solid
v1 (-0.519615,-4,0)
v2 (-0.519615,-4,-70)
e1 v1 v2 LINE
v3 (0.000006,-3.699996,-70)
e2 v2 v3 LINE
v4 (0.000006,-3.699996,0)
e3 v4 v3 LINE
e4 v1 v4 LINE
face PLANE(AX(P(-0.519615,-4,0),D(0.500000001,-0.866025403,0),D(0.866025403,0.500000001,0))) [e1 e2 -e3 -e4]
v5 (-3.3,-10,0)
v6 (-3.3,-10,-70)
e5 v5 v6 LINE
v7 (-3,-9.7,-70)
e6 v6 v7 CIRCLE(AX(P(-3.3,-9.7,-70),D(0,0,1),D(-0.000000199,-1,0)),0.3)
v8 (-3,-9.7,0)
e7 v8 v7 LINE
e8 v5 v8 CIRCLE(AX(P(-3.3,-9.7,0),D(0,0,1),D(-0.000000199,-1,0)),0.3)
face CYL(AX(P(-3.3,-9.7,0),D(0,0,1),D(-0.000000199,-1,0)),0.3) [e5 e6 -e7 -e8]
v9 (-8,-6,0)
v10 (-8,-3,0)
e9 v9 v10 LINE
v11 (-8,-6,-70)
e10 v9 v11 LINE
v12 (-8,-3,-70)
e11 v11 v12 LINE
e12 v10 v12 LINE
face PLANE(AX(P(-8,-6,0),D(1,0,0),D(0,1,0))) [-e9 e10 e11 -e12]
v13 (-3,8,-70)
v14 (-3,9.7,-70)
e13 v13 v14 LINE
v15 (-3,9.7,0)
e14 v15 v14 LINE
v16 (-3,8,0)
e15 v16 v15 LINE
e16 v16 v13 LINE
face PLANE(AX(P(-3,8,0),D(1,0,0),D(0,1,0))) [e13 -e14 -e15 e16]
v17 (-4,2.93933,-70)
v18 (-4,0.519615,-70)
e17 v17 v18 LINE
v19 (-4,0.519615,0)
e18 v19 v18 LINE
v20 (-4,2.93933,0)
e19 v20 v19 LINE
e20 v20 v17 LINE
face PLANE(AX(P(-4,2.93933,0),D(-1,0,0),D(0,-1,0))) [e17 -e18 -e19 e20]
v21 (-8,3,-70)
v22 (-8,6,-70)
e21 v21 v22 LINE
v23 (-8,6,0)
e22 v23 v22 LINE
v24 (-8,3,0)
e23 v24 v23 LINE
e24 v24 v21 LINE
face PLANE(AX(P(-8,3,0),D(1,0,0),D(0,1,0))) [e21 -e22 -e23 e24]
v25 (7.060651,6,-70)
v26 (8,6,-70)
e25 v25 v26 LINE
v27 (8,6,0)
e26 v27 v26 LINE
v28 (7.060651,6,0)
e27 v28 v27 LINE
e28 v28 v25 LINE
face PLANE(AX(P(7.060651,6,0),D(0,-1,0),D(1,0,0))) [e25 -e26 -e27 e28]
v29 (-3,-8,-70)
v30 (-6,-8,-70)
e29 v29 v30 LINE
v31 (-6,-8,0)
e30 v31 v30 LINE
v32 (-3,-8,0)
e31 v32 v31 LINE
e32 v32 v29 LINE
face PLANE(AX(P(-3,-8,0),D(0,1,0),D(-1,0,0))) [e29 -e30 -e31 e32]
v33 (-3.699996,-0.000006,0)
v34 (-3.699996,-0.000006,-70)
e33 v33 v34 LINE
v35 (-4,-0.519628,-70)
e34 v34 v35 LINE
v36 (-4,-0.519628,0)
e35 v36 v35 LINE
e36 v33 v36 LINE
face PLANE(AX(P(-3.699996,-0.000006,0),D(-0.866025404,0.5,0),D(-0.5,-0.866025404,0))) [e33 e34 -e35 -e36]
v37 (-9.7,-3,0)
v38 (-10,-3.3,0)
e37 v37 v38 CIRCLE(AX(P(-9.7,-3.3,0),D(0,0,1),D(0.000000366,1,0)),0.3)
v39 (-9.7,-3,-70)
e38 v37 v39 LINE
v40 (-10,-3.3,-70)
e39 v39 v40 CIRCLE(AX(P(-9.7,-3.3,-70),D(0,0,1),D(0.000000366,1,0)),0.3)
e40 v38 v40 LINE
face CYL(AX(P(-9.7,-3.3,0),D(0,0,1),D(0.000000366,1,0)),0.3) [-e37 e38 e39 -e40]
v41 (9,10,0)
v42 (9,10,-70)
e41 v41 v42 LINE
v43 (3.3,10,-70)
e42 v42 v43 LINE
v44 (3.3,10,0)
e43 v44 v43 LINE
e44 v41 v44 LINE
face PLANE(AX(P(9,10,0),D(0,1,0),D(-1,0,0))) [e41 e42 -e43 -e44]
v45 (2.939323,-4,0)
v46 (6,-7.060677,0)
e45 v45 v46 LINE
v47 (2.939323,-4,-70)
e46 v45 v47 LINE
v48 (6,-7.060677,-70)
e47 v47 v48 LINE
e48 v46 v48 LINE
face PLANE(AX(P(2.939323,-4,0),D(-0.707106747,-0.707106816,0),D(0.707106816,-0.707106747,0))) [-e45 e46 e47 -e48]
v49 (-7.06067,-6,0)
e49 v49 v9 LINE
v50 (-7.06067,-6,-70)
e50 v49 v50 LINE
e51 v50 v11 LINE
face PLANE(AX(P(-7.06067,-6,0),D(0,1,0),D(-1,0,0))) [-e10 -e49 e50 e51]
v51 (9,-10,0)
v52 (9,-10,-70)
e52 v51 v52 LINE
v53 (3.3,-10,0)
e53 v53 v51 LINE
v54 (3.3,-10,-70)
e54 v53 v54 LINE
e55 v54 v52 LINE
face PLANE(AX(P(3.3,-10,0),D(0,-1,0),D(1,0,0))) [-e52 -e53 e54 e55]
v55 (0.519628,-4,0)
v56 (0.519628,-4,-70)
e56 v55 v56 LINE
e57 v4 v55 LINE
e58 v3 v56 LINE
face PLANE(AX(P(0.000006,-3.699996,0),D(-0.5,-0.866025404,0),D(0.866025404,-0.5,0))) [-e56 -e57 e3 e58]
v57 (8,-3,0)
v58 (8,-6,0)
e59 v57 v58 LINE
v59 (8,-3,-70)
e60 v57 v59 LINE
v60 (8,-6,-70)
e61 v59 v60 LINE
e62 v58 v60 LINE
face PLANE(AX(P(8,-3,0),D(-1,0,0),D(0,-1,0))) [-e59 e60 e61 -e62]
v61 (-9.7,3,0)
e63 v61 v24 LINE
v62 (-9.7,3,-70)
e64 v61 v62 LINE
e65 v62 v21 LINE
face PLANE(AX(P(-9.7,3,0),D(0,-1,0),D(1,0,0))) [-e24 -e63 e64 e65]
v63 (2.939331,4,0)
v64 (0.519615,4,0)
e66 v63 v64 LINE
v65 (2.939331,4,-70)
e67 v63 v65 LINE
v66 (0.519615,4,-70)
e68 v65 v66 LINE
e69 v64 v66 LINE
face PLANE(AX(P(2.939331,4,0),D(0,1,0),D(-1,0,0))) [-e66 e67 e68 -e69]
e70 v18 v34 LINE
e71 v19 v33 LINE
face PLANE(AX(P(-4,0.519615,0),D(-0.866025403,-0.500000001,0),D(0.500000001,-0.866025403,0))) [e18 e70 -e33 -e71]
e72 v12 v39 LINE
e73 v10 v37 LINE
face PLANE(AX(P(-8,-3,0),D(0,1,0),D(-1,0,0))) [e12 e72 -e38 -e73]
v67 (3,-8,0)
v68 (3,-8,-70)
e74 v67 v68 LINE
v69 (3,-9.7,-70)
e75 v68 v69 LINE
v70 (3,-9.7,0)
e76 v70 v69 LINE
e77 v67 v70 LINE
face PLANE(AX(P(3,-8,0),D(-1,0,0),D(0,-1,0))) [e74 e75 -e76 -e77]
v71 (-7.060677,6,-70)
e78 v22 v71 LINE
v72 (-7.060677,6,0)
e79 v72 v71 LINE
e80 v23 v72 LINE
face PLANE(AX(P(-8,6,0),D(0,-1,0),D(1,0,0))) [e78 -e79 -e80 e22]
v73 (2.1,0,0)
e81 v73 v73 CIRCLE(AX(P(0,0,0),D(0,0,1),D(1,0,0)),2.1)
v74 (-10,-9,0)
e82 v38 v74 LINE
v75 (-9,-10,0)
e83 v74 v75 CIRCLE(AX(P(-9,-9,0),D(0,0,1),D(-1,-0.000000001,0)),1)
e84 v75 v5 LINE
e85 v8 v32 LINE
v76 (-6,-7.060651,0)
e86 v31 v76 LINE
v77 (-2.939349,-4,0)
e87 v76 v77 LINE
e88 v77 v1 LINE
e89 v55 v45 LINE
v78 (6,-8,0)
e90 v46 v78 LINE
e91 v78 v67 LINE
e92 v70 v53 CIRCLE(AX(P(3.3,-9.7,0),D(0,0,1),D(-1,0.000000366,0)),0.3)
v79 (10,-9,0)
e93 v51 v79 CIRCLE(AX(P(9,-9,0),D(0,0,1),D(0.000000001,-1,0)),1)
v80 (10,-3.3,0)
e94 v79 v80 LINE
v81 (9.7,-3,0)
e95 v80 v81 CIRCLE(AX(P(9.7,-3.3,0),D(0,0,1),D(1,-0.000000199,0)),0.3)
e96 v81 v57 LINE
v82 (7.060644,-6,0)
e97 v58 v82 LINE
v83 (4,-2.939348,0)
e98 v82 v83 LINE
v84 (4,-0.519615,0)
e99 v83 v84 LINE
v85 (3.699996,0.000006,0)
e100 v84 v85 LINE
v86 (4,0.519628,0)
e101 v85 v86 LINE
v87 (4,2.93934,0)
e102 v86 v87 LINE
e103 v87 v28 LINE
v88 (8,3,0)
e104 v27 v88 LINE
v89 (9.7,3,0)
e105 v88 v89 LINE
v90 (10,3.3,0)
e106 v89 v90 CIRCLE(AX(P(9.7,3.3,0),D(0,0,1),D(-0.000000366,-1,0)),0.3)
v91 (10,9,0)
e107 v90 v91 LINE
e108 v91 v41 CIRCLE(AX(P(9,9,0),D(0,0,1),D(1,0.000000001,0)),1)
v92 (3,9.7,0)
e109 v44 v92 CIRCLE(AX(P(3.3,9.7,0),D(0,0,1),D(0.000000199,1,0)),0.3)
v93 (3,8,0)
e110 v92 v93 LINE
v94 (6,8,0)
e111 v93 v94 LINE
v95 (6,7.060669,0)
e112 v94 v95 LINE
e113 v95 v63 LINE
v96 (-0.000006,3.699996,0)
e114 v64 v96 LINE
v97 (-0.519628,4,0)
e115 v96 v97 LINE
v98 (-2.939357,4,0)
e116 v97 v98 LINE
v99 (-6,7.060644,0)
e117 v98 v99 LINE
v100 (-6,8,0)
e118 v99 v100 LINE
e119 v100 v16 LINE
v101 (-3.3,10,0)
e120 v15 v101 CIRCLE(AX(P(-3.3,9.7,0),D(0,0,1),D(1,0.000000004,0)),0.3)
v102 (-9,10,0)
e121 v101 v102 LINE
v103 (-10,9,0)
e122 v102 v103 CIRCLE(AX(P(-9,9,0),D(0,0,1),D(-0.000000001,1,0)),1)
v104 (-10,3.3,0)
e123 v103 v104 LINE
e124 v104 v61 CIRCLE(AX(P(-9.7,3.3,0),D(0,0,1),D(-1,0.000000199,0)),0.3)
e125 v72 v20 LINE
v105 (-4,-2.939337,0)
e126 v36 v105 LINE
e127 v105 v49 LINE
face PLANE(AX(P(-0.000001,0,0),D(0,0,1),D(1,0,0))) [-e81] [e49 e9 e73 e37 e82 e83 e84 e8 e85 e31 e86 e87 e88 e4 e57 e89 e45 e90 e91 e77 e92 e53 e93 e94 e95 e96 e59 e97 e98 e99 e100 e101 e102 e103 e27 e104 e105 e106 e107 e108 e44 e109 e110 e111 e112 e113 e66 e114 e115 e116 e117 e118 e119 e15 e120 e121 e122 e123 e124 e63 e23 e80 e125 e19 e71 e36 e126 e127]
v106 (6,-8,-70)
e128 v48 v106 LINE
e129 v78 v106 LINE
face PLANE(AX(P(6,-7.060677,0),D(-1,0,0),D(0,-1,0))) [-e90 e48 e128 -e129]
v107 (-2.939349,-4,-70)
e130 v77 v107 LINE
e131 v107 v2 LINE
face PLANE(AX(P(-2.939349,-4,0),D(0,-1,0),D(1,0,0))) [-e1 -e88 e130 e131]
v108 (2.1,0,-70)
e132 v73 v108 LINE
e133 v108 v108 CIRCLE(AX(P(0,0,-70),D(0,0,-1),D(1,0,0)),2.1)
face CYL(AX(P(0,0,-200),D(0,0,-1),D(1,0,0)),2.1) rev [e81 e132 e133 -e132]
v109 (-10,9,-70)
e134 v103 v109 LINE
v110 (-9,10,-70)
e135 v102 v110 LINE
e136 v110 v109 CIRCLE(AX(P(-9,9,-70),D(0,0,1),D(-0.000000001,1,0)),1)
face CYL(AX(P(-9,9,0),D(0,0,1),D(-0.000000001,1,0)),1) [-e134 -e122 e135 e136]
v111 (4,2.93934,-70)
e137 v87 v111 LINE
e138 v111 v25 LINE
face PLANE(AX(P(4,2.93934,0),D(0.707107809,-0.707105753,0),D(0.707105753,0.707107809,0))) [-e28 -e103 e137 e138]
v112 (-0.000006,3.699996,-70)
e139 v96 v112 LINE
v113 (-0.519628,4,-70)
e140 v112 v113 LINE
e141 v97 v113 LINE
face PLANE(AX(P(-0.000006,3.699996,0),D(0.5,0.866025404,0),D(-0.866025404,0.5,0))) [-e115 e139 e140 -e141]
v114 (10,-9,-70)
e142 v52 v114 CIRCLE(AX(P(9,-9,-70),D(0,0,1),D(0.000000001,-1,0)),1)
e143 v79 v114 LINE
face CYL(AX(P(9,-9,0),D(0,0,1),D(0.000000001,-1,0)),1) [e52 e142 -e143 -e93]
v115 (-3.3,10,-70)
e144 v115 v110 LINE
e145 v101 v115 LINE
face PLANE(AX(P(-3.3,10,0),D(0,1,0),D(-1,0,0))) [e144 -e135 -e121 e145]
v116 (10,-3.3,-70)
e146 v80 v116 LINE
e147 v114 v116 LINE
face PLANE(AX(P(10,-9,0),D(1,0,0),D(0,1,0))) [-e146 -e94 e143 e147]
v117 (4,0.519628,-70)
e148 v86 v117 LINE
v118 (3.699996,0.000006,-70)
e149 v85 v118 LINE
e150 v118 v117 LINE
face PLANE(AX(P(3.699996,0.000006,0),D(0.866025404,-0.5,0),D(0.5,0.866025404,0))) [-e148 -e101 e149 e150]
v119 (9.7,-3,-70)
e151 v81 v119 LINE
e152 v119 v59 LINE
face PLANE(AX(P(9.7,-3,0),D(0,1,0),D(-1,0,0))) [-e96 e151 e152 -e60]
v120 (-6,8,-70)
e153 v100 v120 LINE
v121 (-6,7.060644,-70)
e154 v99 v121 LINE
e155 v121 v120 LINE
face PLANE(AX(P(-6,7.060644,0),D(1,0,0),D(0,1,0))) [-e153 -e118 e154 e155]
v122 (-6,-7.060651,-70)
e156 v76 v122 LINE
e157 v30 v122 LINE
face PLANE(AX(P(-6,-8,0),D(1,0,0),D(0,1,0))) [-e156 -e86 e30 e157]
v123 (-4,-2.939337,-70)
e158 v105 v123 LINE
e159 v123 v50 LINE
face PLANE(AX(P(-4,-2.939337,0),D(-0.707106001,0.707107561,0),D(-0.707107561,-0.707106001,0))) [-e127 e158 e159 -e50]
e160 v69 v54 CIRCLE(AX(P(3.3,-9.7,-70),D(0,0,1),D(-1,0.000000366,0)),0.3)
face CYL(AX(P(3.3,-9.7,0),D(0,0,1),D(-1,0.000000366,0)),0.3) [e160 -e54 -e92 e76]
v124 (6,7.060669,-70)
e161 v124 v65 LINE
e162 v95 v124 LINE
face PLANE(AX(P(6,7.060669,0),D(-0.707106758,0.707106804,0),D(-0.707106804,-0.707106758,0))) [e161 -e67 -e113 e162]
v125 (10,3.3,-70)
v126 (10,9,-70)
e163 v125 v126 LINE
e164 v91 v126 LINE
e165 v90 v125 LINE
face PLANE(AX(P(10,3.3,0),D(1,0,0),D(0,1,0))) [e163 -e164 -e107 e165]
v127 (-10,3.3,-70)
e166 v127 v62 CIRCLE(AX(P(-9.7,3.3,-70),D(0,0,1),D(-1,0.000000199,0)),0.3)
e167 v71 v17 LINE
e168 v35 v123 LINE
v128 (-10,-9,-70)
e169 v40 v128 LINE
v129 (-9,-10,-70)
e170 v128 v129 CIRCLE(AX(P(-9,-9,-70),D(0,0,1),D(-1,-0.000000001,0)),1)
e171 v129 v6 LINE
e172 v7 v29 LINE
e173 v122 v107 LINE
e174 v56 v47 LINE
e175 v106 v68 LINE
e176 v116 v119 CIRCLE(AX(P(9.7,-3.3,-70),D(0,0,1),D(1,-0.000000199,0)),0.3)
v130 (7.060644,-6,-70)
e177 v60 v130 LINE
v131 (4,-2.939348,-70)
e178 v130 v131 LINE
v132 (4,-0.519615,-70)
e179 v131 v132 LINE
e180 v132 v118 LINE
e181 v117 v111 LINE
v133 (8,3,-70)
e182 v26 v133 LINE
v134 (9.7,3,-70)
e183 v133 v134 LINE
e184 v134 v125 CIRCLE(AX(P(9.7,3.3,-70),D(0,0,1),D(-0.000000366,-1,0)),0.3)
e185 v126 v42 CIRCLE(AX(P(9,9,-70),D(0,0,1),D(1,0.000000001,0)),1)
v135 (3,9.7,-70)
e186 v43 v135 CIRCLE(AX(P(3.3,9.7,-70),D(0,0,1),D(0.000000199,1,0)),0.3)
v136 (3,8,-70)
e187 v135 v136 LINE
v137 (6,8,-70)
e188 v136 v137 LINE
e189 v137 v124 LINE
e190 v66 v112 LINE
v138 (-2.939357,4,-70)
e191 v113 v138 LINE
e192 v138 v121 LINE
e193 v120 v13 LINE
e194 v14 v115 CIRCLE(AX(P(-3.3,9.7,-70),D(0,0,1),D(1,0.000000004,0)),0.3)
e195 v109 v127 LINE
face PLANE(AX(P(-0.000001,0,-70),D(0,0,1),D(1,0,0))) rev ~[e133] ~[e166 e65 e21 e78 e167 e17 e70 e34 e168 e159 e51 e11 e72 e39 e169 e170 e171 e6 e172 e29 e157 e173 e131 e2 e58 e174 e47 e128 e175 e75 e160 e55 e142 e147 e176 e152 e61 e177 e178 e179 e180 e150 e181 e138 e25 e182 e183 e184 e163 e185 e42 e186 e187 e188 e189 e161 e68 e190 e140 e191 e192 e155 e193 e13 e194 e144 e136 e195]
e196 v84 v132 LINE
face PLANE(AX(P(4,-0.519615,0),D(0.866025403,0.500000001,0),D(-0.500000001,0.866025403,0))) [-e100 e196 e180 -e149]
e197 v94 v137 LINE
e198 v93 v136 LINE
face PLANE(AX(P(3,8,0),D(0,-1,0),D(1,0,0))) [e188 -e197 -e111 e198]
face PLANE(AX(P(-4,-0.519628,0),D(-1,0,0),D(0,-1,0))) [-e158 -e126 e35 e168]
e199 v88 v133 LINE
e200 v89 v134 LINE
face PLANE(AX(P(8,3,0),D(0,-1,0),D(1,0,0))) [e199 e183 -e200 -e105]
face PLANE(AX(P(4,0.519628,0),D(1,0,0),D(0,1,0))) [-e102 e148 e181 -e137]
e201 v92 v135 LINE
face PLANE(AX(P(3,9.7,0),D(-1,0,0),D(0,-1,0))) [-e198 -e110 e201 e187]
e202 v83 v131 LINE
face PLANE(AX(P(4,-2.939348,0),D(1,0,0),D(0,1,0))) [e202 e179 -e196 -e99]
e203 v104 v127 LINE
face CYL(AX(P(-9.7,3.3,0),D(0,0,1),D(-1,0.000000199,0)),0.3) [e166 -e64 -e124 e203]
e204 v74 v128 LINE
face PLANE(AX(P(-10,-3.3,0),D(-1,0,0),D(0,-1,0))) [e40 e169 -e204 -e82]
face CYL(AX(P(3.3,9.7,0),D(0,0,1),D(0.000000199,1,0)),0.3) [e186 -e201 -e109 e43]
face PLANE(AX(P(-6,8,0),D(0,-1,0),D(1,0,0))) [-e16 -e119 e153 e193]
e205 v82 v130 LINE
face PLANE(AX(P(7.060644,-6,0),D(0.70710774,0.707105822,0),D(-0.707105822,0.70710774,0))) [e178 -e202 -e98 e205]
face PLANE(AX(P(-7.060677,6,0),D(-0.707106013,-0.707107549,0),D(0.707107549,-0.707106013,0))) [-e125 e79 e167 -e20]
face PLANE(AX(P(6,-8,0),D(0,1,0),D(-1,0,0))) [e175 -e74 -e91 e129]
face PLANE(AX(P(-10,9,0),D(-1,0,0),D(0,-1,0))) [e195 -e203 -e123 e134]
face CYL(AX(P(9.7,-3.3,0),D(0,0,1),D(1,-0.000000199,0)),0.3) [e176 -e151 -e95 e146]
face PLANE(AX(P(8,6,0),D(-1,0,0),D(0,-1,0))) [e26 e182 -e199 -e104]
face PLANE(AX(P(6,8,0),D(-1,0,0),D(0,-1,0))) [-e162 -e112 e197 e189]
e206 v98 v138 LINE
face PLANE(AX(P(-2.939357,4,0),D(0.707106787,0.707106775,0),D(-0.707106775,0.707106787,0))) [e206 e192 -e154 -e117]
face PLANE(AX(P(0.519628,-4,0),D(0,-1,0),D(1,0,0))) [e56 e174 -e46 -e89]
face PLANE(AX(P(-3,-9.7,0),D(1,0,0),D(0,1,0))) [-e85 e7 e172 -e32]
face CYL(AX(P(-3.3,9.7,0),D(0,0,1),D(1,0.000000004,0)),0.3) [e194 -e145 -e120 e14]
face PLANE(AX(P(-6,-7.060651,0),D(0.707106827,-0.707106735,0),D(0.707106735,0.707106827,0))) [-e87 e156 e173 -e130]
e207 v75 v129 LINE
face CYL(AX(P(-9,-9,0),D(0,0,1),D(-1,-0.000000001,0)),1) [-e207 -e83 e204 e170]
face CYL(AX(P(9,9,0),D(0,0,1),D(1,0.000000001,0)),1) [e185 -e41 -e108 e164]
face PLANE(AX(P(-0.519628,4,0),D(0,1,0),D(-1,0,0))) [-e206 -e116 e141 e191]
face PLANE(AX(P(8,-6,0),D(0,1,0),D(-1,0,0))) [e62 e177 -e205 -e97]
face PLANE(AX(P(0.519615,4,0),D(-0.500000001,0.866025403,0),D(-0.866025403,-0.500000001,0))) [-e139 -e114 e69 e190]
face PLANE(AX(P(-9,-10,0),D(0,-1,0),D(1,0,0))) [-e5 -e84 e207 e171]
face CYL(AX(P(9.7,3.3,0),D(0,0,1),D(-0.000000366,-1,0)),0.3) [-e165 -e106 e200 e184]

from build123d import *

# Parameters (mm, degrees)
BOSS_EXTRUDE1_DEPTH = 70
SKETCH2_W           = 400
SKETCH2_H           = 2.1


with BuildPart() as part:
    # Sketch1 → Boss-Extrude1 (new body)
    with BuildSketch(Plane.XY):
        with BuildLine():
            Line((-10, 9), (-10, 3.29999995))
            ThreePointArc((-10, 3.29999995), (-9.912132049, 3.087867916), (-9.7, 3))
            Line((-9.7, 3), (-8, 3))
            Line((-8, 3), (-8, 6))
            Line((-8, 6), (-7.060677, 6))
            Line((-7.060677, 6), (-4, 2.93932965))
            Line((-4, 2.93932965), (-4, 0.519615242))
            Line((-4, 0.519615242), (-3.699996283, -6.437e-06))
            Line((-3.699996283, -6.437e-06), (-4, -0.519628117))
            Line((-4, -0.519628117), (-4, -2.93933725))
            Line((-4, -2.93933725), (-7.0606695, -6))
            Line((-7.0606695, -6), (-8, -6))
            Line((-8, -6), (-8, -3))
            Line((-8, -3), (-9.7, -3))
            ThreePointArc((-9.7, -3), (-9.912132049, -3.087867916), (-10, -3.29999995))
            Line((-10, -3.29999995), (-10, -9))
            ThreePointArc((-10, -9), (-9.707106781, -9.707106781), (-9, -10))
            Line((-9, -10), (-3.29999995, -10))
            ThreePointArc((-3.29999995, -10), (-3.087867916, -9.912132049), (-3, -9.7))
            Line((-3, -9.7), (-3, -8))
            Line((-3, -8), (-6, -8))
            Line((-6, -8), (-6, -7.0606515))
            Line((-6, -7.0606515), (-2.9393489, -4))
            Line((-2.9393489, -4), (-0.519615242, -4))
            Line((-0.519615242, -4), (6.437e-06, -3.699996283))
            Line((6.437e-06, -3.699996283), (0.519628117, -4))
            Line((0.519628117, -4), (2.9393227, -4))
            Line((2.9393227, -4), (6, -7.060677))
            Line((6, -7.060677), (6, -8))
            Line((6, -8), (3, -8))
            Line((3, -8), (3, -9.7))
            ThreePointArc((3, -9.7), (3.087867916, -9.912132049), (3.29999995, -10))
            Line((3.29999995, -10), (9, -10))
            ThreePointArc((9, -10), (9.707106781, -9.707106781), (10, -9))
            Line((10, -9), (10, -3.29999995))
            ThreePointArc((10, -3.29999995), (9.912132049, -3.087867916), (9.7, -3))
            Line((9.7, -3), (8, -3))
            Line((8, -3), (8, -6))
            Line((8, -6), (7.0606435, -6))
            Line((7.0606435, -6), (4, -2.9393482))
            Line((4, -2.9393482), (4, -0.519615242))
            Line((4, -0.519615242), (3.699996283, 6.437e-06))
            Line((3.699996283, 6.437e-06), (4, 0.519628117))
            Line((4, 0.519628117), (4, 2.9393401))
            Line((4, 2.9393401), (7.060651, 6))
            Line((7.060651, 6), (8, 6))
            Line((8, 6), (8, 3))
            Line((8, 3), (9.7, 3))
            ThreePointArc((9.7, 3), (9.912132049, 3.087867916), (10, 3.29999995))
            Line((10, 3.29999995), (10, 9))
            ThreePointArc((10, 9), (9.707106781, 9.707106781), (9, 10))
            Line((9, 10), (3.29999995, 10))
            ThreePointArc((3.29999995, 10), (3.087867916, 9.912132049), (3, 9.7))
            Line((3, 9.7), (3, 8))
            Line((3, 8), (6, 8))
            Line((6, 8), (6, 7.060669))
            Line((6, 7.060669), (2.9393308, 4))
            Line((2.9393308, 4), (0.519615242, 4))
            Line((0.519615242, 4), (-6.437e-06, 3.699996283))
            Line((-6.437e-06, 3.699996283), (-0.519628117, 4))
            Line((-0.519628117, 4), (-2.93935655, 4))
            Line((-2.93935655, 4), (-6, 7.0606435))
            Line((-6, 7.0606435), (-6, 8))
            Line((-6, 8), (-3, 8))
            Line((-3, 8), (-3, 9.7))
            ThreePointArc((-3, 9.7), (-3.087867966, 9.912132034), (-3.3, 10))
            Line((-3.3, 10), (-9, 10))
            ThreePointArc((-9, 10), (-9.707106781, 9.707106781), (-10, 9))
        make_face()
    extrude(amount=-BOSS_EXTRUDE1_DEPTH)

    # Sketch2 → Cut-Revolve1 (revolve, cut)
    with BuildSketch(Plane(origin=(0, 0, 0), x_dir=(0, 0, -1), z_dir=(1, 0, 0)), mode=Mode.PRIVATE) as cut_revolve1_sk:
        with Locations((200, 1.05)):
            Rectangle(SKETCH2_W, SKETCH2_H)
    revolve(cut_revolve1_sk.sketch.rotate(Axis((0, 0, -400), (0, 0, 1)), 270), axis=Axis((0, 0, -400), (0, 0, 1)), mode=Mode.SUBTRACT)


solid = part.part
